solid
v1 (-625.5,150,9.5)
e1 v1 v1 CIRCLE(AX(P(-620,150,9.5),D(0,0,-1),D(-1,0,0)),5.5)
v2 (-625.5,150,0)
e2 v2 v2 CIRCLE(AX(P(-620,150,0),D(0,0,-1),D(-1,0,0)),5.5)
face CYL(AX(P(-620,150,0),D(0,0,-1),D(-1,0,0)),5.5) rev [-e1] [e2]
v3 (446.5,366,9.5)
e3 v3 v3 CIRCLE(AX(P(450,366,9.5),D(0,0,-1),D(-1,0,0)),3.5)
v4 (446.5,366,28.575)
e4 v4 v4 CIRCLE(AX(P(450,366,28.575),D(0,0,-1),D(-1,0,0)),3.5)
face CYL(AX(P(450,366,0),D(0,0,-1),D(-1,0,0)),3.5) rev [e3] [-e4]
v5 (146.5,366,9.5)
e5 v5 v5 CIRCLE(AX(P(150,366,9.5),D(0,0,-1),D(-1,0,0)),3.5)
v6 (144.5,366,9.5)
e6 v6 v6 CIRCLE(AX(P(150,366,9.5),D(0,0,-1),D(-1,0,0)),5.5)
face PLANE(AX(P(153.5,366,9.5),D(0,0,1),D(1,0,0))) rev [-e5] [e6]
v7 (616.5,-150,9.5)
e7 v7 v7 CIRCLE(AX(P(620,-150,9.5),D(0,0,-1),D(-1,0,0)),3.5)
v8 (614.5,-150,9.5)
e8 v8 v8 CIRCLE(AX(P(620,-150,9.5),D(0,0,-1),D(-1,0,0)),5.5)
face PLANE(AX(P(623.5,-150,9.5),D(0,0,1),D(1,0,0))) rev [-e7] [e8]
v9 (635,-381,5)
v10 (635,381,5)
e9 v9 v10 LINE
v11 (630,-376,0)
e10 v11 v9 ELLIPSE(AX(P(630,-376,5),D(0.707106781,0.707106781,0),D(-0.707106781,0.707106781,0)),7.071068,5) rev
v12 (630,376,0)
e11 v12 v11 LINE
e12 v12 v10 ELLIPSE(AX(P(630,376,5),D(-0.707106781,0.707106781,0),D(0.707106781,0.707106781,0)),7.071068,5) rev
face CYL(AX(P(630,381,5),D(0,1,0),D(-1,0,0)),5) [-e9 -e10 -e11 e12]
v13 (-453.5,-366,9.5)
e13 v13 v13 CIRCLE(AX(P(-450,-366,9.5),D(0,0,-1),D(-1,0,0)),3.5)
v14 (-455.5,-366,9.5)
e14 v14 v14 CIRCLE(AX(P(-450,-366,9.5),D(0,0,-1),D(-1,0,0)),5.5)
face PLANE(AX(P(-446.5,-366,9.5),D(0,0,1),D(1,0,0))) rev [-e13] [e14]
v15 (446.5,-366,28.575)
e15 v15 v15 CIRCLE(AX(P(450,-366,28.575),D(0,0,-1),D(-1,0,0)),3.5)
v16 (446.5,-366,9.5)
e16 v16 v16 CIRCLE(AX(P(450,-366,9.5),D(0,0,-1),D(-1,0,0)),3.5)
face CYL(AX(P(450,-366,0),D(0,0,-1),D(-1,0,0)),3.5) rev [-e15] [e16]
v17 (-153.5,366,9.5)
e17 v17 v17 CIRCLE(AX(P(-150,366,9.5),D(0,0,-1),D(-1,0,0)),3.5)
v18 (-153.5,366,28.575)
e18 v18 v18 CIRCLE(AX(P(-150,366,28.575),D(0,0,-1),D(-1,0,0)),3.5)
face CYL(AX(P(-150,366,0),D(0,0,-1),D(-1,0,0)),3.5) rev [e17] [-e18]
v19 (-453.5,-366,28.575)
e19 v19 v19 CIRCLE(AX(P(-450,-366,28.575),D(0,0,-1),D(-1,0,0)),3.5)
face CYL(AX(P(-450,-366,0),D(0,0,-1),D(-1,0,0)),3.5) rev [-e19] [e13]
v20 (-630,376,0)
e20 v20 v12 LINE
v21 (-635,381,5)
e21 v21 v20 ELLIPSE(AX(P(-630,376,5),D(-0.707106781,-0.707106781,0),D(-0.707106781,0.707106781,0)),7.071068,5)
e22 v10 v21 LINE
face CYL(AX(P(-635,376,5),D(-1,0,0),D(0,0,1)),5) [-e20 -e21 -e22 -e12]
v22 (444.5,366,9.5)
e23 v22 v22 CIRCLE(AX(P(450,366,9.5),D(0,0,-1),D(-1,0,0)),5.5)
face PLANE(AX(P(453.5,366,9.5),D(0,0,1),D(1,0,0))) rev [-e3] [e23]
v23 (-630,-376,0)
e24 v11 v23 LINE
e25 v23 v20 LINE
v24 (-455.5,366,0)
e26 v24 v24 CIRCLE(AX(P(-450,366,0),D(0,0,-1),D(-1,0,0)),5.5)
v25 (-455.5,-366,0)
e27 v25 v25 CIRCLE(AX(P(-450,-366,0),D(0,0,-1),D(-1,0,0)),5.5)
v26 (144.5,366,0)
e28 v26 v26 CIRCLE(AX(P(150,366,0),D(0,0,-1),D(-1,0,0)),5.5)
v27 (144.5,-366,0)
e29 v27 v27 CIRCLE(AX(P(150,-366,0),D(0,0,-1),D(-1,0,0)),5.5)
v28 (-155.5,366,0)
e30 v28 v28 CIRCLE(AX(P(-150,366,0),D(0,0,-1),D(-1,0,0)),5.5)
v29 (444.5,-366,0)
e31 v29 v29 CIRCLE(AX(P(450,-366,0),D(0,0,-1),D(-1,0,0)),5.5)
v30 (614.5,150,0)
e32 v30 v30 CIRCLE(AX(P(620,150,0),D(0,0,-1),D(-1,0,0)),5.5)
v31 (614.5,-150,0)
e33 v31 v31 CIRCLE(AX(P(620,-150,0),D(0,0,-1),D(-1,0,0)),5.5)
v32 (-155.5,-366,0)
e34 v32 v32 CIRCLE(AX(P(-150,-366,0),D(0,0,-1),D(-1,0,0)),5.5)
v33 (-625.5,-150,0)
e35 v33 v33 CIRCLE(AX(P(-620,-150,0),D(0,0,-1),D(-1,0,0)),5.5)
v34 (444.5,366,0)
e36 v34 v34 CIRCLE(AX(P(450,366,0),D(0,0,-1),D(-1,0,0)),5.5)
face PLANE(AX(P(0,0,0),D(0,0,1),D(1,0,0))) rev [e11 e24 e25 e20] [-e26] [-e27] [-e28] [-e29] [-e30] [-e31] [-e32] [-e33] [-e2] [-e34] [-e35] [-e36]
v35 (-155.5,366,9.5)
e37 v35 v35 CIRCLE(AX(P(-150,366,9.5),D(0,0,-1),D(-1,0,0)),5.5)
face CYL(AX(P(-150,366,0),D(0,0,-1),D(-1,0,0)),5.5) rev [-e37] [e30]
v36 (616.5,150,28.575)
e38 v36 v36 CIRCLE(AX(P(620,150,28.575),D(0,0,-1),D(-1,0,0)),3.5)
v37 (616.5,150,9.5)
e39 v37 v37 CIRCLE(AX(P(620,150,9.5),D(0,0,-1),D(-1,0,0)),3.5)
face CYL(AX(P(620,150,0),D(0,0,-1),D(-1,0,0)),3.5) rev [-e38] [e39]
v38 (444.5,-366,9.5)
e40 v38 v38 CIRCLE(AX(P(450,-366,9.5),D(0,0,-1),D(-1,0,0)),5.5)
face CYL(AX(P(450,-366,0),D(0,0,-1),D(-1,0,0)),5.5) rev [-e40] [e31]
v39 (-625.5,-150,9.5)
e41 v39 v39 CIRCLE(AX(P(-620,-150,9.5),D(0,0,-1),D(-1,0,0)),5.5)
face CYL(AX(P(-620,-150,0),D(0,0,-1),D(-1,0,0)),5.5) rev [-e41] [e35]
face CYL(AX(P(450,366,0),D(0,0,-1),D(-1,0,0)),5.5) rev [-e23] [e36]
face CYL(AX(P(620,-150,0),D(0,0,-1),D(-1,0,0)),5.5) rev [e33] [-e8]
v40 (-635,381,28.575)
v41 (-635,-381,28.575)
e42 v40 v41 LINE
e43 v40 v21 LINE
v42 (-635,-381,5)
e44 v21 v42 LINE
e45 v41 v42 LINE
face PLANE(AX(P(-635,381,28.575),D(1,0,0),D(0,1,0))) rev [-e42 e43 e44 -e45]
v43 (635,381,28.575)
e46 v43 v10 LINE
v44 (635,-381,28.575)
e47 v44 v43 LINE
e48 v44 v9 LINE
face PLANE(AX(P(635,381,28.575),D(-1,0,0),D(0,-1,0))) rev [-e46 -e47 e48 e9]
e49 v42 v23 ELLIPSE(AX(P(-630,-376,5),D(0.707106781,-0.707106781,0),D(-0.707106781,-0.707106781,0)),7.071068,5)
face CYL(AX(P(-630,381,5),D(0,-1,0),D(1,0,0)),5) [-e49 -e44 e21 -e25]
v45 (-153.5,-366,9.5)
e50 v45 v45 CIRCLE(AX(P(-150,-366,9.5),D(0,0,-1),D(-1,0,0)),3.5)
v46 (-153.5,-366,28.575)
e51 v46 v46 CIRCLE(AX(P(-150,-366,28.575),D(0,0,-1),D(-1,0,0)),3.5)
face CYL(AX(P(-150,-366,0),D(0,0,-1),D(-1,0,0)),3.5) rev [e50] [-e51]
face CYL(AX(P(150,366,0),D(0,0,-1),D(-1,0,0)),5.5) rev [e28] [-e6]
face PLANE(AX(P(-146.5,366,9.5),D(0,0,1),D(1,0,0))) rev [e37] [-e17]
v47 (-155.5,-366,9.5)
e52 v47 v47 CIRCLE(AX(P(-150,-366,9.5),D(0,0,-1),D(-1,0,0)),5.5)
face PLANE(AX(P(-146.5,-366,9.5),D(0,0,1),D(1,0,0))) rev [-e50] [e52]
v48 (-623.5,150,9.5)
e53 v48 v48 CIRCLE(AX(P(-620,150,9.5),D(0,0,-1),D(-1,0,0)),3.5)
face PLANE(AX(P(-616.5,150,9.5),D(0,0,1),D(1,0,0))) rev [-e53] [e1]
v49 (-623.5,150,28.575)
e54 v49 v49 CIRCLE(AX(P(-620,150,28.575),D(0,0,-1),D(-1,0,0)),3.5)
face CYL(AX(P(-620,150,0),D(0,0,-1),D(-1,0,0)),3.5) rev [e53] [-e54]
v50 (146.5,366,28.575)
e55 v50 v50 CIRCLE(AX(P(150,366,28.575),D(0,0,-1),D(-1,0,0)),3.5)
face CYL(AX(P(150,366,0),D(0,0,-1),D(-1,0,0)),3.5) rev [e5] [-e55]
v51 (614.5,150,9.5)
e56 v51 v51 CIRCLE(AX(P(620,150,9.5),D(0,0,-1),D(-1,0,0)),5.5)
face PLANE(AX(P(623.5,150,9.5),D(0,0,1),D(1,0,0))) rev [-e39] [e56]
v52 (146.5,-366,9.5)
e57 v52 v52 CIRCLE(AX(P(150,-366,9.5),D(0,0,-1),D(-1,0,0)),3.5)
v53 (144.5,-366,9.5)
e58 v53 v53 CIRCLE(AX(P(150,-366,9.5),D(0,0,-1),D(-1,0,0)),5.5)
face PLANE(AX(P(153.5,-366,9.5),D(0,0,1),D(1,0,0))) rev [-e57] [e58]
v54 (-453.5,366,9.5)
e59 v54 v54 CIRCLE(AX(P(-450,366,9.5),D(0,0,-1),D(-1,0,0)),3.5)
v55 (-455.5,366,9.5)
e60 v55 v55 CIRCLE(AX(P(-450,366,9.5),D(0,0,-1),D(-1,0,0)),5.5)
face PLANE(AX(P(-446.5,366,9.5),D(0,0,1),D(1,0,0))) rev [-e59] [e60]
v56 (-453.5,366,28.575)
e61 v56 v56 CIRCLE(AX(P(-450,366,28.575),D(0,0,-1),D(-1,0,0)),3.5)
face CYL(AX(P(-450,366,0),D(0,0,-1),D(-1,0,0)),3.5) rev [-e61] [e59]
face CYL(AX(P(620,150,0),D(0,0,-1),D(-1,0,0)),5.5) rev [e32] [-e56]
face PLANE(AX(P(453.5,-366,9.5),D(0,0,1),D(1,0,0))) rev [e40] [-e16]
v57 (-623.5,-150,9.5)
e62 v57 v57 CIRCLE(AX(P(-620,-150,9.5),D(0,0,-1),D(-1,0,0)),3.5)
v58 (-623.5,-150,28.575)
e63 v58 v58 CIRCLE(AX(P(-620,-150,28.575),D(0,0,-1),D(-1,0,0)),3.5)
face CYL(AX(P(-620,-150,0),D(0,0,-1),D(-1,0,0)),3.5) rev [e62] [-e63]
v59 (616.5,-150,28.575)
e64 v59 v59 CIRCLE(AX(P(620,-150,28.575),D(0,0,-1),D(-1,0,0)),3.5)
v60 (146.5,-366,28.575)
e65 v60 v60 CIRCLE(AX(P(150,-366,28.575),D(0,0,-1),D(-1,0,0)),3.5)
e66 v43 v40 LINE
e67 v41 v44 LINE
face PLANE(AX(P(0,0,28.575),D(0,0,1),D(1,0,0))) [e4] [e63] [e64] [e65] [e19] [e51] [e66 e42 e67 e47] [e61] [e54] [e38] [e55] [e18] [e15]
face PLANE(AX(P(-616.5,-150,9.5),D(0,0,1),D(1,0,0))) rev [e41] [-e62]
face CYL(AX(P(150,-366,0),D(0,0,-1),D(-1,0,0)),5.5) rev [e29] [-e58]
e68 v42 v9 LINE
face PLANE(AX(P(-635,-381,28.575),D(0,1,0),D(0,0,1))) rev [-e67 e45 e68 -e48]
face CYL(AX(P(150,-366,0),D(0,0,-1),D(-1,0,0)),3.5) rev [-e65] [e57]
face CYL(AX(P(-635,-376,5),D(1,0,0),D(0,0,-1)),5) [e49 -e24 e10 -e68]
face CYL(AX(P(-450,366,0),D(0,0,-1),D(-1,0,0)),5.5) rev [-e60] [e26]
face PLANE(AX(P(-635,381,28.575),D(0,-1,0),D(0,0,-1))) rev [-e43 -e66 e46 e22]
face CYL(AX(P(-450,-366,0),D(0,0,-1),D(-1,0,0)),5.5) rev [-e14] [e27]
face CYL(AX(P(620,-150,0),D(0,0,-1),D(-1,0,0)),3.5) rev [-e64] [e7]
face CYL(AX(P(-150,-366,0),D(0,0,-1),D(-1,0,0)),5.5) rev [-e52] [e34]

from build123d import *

# Parameters (mm, degrees)
SKETCH1_W                      = 1270
SKETCH1_H                      = 762
BOSS_EXTRUDE1_DEPTH            = 28.575
CBORE_FOR_M6_SHCS1_D           = 7
CBORE_FOR_M6_SHCS1_CBORE_D     = 11
CBORE_FOR_M6_SHCS1_CBORE_DEPTH = 9.5
FILLET1_R                      = 5


with BuildPart() as part:
    # Sketch1 → Boss-Extrude1 (new body)
    with BuildSketch(Plane.XY):
        Rectangle(SKETCH1_W, SKETCH1_H)
    extrude(amount=BOSS_EXTRUDE1_DEPTH)

    # CBORE for M6 SHCS1 (through all)
    with Locations(Plane(origin=(0, 0, 0), x_dir=(1, 0, 0), z_dir=(0, 0, -1))):
        with Locations((-150, -366), (150, -366), (620, -150), (620, 150), (150, 366), (-150, 366), (-620, 150), (-620, -150), (-450, -366), (450, -366), (450, 366), (-450, 366)):
            CounterBoreHole(CBORE_FOR_M6_SHCS1_D / 2, CBORE_FOR_M6_SHCS1_CBORE_D / 2, CBORE_FOR_M6_SHCS1_CBORE_DEPTH)

    # Fillet1
    fillet1_edges = [part.edges().sort_by_distance(p)[0] for p in [
        (0, -381, 0),
        (-635, 0, 0),
        (0, 381, 0),
        (635, 0, 0),
    ]]
    fillet(fillet1_edges, radius=FILLET1_R)


solid = part.part
